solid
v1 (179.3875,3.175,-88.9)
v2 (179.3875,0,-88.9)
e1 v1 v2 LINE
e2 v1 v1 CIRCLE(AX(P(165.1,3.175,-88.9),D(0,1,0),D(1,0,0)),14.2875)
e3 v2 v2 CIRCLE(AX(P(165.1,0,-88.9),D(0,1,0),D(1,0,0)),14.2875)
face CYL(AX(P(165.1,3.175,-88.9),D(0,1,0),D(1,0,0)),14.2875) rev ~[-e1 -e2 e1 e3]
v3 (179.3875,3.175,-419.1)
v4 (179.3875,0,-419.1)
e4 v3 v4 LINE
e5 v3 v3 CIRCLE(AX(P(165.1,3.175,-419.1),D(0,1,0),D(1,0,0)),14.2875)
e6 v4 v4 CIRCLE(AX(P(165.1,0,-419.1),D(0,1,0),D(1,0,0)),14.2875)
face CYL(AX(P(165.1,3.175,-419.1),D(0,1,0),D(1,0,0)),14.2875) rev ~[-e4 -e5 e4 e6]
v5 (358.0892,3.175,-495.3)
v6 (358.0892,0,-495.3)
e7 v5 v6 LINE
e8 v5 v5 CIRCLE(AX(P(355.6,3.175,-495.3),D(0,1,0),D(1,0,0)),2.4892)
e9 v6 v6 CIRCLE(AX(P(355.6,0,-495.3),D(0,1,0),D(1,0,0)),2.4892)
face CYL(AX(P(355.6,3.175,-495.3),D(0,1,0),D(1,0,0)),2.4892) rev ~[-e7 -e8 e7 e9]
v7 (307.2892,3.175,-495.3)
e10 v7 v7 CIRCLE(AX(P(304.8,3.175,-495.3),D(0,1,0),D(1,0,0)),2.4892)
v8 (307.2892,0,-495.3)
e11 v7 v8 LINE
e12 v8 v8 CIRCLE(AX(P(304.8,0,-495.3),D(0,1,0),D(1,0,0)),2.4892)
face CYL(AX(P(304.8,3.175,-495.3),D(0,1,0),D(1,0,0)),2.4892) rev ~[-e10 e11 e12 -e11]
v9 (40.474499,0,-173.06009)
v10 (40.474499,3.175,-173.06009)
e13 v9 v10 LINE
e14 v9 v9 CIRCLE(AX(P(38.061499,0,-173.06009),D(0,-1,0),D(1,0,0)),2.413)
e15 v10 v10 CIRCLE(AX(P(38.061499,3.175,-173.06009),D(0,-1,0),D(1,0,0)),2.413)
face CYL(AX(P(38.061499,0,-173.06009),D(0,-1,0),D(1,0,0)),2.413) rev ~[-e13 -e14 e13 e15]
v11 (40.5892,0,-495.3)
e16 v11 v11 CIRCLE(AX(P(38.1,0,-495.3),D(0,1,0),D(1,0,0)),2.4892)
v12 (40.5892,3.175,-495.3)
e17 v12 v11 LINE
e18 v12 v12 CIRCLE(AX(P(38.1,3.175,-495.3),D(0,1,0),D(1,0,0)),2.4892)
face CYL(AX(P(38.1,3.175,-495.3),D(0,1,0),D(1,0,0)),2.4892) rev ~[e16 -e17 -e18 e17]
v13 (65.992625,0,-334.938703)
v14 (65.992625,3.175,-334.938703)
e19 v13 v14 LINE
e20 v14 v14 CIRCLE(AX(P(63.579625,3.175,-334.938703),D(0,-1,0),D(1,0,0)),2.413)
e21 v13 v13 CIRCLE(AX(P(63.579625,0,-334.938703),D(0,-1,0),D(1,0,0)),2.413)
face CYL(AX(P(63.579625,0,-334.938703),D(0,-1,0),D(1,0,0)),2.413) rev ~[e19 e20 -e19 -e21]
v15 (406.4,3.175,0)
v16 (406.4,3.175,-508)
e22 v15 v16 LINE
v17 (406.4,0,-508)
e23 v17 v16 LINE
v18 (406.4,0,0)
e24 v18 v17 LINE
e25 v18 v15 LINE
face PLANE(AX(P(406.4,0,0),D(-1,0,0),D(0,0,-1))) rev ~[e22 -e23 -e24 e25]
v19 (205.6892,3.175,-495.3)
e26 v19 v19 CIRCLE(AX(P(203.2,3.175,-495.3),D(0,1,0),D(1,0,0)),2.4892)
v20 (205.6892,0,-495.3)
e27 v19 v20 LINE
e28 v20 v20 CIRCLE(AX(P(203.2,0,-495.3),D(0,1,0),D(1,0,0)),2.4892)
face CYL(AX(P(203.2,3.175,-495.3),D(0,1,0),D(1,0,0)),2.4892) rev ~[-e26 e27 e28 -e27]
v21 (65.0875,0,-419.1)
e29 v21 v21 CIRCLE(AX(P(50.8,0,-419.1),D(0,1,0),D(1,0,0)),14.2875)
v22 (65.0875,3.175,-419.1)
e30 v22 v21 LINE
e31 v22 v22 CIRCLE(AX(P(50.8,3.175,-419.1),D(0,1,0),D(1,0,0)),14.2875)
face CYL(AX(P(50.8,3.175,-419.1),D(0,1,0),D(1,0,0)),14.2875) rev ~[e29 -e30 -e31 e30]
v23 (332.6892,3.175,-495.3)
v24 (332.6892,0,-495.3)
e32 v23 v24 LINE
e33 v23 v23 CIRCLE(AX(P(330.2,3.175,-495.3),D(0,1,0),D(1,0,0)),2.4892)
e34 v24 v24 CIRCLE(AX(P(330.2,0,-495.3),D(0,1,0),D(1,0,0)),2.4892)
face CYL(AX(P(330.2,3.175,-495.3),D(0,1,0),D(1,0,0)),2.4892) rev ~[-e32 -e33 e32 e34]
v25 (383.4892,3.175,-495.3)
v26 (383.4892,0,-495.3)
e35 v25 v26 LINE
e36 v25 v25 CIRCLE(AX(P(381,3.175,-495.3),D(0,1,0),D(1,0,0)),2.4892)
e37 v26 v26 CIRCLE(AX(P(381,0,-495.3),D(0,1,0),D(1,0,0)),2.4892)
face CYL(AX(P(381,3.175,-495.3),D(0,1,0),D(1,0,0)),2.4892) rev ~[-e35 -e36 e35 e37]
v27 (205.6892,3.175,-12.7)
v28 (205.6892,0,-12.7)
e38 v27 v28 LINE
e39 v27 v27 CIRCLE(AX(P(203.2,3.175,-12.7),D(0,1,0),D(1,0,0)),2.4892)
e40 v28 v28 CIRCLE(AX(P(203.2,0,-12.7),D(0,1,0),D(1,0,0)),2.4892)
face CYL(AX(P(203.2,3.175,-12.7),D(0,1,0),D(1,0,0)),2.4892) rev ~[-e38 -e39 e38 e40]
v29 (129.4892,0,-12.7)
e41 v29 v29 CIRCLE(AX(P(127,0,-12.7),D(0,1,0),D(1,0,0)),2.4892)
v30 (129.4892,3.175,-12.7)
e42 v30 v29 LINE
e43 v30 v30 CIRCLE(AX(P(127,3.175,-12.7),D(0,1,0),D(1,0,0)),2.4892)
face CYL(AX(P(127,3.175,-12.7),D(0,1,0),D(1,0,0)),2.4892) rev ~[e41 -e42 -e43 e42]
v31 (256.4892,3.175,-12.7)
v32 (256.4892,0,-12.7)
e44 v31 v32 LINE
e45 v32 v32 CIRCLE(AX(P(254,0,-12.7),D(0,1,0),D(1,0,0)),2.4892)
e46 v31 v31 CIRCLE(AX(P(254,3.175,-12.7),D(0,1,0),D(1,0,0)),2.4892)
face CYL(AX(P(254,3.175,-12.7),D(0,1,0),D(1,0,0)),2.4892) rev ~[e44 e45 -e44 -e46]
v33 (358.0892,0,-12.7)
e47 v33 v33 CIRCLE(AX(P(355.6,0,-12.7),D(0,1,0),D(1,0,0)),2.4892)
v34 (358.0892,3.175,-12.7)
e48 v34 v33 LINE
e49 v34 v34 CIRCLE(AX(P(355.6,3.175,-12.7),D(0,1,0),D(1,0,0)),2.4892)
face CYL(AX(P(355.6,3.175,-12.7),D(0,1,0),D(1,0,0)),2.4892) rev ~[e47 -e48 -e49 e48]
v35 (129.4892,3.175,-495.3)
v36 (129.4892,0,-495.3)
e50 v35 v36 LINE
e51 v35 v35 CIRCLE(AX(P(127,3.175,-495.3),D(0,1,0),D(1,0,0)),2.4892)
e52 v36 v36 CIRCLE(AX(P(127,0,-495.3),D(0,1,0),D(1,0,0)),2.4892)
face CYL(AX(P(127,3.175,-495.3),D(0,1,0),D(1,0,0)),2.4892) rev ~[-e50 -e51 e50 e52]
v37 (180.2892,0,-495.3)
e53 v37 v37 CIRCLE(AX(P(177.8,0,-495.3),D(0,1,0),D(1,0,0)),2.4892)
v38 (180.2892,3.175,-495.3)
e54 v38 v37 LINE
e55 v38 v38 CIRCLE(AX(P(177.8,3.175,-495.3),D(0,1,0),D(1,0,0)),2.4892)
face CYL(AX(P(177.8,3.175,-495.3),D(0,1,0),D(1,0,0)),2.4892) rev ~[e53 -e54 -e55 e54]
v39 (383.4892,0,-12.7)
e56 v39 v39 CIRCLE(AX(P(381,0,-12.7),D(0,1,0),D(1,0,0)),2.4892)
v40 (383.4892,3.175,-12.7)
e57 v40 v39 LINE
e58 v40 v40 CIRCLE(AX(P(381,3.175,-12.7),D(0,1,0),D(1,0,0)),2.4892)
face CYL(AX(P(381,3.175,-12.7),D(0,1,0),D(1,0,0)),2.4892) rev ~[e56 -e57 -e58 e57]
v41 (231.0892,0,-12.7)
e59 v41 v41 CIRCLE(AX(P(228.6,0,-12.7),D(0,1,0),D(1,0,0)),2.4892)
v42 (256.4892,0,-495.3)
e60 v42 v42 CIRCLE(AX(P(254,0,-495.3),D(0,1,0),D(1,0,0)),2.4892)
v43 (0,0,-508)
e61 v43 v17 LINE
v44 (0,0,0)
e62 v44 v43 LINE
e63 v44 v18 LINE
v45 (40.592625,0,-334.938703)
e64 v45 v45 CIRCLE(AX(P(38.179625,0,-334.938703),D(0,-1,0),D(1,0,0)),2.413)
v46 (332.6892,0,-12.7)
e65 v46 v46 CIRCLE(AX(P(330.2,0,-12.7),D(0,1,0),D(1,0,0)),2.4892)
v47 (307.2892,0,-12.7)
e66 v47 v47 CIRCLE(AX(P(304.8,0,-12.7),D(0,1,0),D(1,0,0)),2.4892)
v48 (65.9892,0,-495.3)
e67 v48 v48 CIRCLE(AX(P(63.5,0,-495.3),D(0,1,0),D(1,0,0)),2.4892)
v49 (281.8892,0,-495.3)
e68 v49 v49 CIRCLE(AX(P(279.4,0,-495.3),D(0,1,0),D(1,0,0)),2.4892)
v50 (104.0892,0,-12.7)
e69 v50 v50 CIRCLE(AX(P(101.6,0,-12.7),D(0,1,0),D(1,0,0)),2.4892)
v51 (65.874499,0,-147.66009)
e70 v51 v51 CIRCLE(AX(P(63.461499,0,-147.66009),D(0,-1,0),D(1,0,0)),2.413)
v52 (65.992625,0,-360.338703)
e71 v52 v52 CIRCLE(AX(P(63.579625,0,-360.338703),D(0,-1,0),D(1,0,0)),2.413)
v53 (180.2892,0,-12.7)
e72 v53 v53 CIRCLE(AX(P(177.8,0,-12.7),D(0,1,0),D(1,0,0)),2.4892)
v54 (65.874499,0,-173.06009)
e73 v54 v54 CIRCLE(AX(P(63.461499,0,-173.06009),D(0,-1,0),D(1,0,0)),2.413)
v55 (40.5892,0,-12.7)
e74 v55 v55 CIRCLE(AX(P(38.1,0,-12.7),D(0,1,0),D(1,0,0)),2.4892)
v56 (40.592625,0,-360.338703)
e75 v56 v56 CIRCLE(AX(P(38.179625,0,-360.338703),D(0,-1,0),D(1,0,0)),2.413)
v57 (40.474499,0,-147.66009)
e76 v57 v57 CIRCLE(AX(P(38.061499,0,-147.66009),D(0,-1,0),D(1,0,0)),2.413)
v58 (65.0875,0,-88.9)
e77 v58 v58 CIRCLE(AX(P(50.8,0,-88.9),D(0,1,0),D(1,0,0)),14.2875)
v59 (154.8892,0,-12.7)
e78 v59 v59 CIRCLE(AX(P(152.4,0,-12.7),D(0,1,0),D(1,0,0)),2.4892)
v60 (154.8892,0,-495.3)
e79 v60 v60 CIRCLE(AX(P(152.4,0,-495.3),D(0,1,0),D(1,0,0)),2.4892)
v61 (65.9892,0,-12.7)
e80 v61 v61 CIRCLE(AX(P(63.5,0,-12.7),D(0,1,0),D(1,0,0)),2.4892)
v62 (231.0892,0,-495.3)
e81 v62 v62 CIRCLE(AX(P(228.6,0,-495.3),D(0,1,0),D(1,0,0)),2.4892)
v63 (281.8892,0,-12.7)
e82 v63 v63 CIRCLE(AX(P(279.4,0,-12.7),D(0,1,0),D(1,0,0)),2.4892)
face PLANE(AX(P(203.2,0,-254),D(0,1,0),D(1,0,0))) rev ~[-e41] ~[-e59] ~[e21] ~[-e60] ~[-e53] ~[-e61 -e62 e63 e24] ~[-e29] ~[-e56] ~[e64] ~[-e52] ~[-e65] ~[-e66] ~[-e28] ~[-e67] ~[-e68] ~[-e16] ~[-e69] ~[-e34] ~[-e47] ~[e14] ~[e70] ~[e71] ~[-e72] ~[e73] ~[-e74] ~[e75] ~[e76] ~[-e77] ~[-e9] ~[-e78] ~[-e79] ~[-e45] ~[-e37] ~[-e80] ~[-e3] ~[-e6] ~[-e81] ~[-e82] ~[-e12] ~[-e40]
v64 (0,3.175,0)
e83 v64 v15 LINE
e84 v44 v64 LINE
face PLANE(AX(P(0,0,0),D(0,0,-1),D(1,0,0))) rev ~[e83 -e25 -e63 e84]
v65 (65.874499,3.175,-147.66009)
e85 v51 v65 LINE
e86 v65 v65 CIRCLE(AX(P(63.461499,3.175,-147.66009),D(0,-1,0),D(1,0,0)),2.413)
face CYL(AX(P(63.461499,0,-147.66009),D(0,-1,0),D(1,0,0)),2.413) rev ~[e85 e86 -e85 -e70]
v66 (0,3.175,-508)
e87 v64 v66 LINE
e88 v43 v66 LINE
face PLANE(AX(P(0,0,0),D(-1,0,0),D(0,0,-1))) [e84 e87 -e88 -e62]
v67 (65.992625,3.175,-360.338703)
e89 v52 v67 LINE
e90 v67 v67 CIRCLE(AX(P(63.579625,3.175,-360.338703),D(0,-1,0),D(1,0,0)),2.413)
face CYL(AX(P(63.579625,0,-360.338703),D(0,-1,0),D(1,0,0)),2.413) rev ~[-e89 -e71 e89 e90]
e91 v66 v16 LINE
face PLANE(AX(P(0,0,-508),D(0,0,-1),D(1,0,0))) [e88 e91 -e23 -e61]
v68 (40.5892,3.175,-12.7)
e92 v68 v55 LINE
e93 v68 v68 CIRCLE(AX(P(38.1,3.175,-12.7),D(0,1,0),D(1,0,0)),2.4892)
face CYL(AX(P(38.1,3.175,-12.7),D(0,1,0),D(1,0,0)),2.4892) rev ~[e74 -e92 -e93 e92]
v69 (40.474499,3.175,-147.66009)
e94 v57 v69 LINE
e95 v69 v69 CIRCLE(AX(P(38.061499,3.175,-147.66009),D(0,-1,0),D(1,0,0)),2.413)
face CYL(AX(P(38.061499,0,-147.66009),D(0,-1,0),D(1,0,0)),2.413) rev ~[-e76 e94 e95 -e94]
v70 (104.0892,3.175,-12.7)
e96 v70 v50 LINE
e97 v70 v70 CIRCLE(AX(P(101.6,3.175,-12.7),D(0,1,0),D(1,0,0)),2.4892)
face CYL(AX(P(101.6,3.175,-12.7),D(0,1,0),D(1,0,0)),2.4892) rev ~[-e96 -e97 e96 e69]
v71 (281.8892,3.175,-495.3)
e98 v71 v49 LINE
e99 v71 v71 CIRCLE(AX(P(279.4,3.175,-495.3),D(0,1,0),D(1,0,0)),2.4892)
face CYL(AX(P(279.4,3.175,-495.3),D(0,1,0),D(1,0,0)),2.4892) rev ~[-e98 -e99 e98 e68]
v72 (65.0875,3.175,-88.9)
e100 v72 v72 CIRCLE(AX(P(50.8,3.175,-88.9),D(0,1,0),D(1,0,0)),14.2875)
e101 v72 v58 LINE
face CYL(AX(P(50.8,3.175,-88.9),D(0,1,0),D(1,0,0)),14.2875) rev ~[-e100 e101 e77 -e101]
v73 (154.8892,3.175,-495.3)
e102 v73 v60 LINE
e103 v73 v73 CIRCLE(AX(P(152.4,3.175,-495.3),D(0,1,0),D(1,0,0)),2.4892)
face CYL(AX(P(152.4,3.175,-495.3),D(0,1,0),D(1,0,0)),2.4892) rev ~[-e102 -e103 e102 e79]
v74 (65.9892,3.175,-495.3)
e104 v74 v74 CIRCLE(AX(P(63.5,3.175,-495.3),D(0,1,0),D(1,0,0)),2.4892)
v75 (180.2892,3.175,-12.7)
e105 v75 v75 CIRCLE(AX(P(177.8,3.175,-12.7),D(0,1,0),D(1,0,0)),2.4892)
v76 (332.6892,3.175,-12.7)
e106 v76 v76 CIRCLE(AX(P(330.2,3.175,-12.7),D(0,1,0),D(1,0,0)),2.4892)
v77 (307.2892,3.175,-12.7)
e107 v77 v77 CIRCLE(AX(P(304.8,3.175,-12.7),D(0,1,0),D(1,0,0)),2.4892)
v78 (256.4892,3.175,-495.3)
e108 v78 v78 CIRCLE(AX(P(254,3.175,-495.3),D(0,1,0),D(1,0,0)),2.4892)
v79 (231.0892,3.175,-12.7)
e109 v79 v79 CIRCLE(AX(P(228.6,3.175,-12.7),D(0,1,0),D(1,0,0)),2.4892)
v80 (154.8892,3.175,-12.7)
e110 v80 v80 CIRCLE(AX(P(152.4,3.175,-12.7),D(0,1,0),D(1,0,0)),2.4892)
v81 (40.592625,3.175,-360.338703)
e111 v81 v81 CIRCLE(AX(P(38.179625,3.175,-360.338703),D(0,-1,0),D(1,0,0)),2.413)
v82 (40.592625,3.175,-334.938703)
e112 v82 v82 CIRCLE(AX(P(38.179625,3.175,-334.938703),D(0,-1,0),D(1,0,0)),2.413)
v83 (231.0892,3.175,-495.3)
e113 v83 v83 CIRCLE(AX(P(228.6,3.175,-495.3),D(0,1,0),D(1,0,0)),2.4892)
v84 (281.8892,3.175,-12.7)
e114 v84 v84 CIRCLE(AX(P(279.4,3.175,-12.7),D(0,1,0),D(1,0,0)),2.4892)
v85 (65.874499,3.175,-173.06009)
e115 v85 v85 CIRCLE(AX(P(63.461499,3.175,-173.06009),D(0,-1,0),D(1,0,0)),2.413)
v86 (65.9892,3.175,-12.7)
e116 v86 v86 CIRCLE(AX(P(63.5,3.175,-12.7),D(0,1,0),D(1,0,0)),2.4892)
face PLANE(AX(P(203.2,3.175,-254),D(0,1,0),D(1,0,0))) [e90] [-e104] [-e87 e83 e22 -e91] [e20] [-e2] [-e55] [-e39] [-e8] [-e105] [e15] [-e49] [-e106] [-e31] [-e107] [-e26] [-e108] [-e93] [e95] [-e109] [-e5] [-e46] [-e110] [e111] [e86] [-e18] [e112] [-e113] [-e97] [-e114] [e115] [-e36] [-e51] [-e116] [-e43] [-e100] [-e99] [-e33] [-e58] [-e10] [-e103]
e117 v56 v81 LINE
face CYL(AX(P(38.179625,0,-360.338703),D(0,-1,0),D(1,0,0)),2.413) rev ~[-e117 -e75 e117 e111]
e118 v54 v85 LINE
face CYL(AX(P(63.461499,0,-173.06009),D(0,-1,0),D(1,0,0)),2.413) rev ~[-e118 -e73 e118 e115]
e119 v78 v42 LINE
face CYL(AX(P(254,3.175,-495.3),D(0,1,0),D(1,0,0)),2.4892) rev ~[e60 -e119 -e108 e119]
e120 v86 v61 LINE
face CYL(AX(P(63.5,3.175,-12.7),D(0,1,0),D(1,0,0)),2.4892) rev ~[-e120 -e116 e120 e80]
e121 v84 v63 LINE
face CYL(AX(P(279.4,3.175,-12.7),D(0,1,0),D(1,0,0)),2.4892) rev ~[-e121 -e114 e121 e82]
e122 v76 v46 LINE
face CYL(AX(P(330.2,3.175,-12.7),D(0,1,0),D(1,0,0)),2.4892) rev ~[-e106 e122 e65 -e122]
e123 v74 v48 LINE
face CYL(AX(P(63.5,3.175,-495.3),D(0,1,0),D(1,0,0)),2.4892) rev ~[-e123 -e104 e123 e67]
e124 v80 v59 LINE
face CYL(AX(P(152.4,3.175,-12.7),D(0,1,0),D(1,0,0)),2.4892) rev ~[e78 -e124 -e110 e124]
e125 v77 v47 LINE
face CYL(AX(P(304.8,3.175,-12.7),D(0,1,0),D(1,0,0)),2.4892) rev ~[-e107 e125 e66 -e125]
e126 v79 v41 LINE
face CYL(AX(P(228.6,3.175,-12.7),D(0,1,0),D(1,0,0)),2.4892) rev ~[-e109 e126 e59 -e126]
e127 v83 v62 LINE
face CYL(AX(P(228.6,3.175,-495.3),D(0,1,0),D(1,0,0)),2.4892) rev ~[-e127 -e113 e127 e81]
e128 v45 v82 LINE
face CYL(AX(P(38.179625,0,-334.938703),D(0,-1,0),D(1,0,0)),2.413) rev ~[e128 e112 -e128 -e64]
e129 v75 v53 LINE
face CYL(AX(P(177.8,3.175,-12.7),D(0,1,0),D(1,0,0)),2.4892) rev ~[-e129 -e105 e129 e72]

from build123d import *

# Parameters (mm, degrees)
SKETCH1_W               = 406.4
SKETCH1_H               = 508
BOSS_EXTRUDE1_DEPTH     = 3.175
SKETCH2_R               = 14.2875
CUT_EXTRUDE1_DEPTH      = 3.175
SKETCH3_R               = 2.4892
CUT_EXTRUDE2_DEPTH      = 1
CUT_EXTRUDE2_DEPTH_BACK = 4.175
SKETCH4_R               = 2.413
CUT_EXTRUDE3_DEPTH      = 1
CUT_EXTRUDE3_DEPTH_BACK = 4.175


with BuildPart() as part:
    # Sketch1 → Boss-Extrude1 (new body)
    with BuildSketch(Plane(origin=(0, 0, 0), x_dir=(1, 0, 0), z_dir=(0, 1, 0))):
        with Locations((203.2, 254)):
            Rectangle(SKETCH1_W, SKETCH1_H)
    extrude(amount=BOSS_EXTRUDE1_DEPTH)

    # Sketch2 → Cut-Extrude1 (cut)
    with BuildSketch(Plane(origin=(0, 3.175, 0), x_dir=(1, 0, 0), z_dir=(0, 1, 0))):
        with Locations((50.8, 419.1)):
            Circle(SKETCH2_R)
        with Locations((165.1, 419.1)):
            Circle(SKETCH2_R)
        with Locations((50.8, 88.9)):
            Circle(SKETCH2_R)
        with Locations((165.1, 88.9)):
            Circle(SKETCH2_R)
    extrude(amount=-CUT_EXTRUDE1_DEPTH, mode=Mode.SUBTRACT)

    # Sketch3 → Cut-Extrude2 (cut, two sides)
    with BuildSketch(Plane(origin=(0, 3.175, 0), x_dir=(1, 0, 0), z_dir=(0, 1, 0))) as cut_extrude2_sk:
        with Locations((38.1, 12.7)):
            Circle(SKETCH3_R)
        with Locations((63.5, 12.7)):
            Circle(SKETCH3_R)
        with Locations((127, 12.7)):
            Circle(SKETCH3_R)
        with Locations((152.4, 12.7)):
            Circle(SKETCH3_R)
        with Locations((177.8, 12.7)):
            Circle(SKETCH3_R)
        with Locations((203.2, 12.7)):
            Circle(SKETCH3_R)
        with Locations((228.6, 12.7)):
            Circle(SKETCH3_R)
        with Locations((254, 12.7)):
            Circle(SKETCH3_R)
        with Locations((279.4, 12.7)):
            Circle(SKETCH3_R)
        with Locations((304.8, 12.7)):
            Circle(SKETCH3_R)
        with Locations((330.2, 12.7)):
            Circle(SKETCH3_R)
        with Locations((355.6, 12.7)):
            Circle(SKETCH3_R)
        with Locations((381, 12.7)):
            Circle(SKETCH3_R)
        with Locations((381, 495.3)):
            Circle(SKETCH3_R)
        with Locations((355.6, 495.3)):
            Circle(SKETCH3_R)
        with Locations((330.2, 495.3)):
            Circle(SKETCH3_R)
        with Locations((304.8, 495.3)):
            Circle(SKETCH3_R)
        with Locations((279.4, 495.3)):
            Circle(SKETCH3_R)
        with Locations((254, 495.3)):
            Circle(SKETCH3_R)
        with Locations((228.6, 495.3)):
            Circle(SKETCH3_R)
        with Locations((203.2, 495.3)):
            Circle(SKETCH3_R)
        with Locations((177.8, 495.3)):
            Circle(SKETCH3_R)
        with Locations((152.4, 495.3)):
            Circle(SKETCH3_R)
        with Locations((127, 495.3)):
            Circle(SKETCH3_R)
        with Locations((63.5, 495.3)):
            Circle(SKETCH3_R)
        with Locations((38.1, 495.3)):
            Circle(SKETCH3_R)
        with Locations((101.6, 12.7)):
            Circle(SKETCH3_R)
    extrude(amount=CUT_EXTRUDE2_DEPTH, mode=Mode.SUBTRACT)
    extrude(cut_extrude2_sk.sketch, amount=-CUT_EXTRUDE2_DEPTH_BACK, mode=Mode.SUBTRACT)

    # Sketch4 → Cut-Extrude3 (cut, two sides)
    with BuildSketch(Plane.XZ) as cut_extrude3_sk:
        with Locations((38.179625472, -334.938702735)):
            Circle(SKETCH4_R)
        with Locations((63.579625472, -334.938702735)):
            Circle(SKETCH4_R)
        with Locations((63.579625472, -360.338702735)):
            Circle(SKETCH4_R)
        with Locations((38.179625472, -360.338702735)):
            Circle(SKETCH4_R)
        with Locations((63.461499211, -173.060090351)):
            Circle(SKETCH4_R)
        with Locations((38.061499211, -173.060090351)):
            Circle(SKETCH4_R)
        with Locations((38.061499211, -147.660090351)):
            Circle(SKETCH4_R)
        with Locations((63.461499211, -147.660090351)):
            Circle(SKETCH4_R)
    extrude(amount=CUT_EXTRUDE3_DEPTH, mode=Mode.SUBTRACT)
    extrude(cut_extrude3_sk.sketch, amount=-CUT_EXTRUDE3_DEPTH_BACK, mode=Mode.SUBTRACT)


solid = part.part
